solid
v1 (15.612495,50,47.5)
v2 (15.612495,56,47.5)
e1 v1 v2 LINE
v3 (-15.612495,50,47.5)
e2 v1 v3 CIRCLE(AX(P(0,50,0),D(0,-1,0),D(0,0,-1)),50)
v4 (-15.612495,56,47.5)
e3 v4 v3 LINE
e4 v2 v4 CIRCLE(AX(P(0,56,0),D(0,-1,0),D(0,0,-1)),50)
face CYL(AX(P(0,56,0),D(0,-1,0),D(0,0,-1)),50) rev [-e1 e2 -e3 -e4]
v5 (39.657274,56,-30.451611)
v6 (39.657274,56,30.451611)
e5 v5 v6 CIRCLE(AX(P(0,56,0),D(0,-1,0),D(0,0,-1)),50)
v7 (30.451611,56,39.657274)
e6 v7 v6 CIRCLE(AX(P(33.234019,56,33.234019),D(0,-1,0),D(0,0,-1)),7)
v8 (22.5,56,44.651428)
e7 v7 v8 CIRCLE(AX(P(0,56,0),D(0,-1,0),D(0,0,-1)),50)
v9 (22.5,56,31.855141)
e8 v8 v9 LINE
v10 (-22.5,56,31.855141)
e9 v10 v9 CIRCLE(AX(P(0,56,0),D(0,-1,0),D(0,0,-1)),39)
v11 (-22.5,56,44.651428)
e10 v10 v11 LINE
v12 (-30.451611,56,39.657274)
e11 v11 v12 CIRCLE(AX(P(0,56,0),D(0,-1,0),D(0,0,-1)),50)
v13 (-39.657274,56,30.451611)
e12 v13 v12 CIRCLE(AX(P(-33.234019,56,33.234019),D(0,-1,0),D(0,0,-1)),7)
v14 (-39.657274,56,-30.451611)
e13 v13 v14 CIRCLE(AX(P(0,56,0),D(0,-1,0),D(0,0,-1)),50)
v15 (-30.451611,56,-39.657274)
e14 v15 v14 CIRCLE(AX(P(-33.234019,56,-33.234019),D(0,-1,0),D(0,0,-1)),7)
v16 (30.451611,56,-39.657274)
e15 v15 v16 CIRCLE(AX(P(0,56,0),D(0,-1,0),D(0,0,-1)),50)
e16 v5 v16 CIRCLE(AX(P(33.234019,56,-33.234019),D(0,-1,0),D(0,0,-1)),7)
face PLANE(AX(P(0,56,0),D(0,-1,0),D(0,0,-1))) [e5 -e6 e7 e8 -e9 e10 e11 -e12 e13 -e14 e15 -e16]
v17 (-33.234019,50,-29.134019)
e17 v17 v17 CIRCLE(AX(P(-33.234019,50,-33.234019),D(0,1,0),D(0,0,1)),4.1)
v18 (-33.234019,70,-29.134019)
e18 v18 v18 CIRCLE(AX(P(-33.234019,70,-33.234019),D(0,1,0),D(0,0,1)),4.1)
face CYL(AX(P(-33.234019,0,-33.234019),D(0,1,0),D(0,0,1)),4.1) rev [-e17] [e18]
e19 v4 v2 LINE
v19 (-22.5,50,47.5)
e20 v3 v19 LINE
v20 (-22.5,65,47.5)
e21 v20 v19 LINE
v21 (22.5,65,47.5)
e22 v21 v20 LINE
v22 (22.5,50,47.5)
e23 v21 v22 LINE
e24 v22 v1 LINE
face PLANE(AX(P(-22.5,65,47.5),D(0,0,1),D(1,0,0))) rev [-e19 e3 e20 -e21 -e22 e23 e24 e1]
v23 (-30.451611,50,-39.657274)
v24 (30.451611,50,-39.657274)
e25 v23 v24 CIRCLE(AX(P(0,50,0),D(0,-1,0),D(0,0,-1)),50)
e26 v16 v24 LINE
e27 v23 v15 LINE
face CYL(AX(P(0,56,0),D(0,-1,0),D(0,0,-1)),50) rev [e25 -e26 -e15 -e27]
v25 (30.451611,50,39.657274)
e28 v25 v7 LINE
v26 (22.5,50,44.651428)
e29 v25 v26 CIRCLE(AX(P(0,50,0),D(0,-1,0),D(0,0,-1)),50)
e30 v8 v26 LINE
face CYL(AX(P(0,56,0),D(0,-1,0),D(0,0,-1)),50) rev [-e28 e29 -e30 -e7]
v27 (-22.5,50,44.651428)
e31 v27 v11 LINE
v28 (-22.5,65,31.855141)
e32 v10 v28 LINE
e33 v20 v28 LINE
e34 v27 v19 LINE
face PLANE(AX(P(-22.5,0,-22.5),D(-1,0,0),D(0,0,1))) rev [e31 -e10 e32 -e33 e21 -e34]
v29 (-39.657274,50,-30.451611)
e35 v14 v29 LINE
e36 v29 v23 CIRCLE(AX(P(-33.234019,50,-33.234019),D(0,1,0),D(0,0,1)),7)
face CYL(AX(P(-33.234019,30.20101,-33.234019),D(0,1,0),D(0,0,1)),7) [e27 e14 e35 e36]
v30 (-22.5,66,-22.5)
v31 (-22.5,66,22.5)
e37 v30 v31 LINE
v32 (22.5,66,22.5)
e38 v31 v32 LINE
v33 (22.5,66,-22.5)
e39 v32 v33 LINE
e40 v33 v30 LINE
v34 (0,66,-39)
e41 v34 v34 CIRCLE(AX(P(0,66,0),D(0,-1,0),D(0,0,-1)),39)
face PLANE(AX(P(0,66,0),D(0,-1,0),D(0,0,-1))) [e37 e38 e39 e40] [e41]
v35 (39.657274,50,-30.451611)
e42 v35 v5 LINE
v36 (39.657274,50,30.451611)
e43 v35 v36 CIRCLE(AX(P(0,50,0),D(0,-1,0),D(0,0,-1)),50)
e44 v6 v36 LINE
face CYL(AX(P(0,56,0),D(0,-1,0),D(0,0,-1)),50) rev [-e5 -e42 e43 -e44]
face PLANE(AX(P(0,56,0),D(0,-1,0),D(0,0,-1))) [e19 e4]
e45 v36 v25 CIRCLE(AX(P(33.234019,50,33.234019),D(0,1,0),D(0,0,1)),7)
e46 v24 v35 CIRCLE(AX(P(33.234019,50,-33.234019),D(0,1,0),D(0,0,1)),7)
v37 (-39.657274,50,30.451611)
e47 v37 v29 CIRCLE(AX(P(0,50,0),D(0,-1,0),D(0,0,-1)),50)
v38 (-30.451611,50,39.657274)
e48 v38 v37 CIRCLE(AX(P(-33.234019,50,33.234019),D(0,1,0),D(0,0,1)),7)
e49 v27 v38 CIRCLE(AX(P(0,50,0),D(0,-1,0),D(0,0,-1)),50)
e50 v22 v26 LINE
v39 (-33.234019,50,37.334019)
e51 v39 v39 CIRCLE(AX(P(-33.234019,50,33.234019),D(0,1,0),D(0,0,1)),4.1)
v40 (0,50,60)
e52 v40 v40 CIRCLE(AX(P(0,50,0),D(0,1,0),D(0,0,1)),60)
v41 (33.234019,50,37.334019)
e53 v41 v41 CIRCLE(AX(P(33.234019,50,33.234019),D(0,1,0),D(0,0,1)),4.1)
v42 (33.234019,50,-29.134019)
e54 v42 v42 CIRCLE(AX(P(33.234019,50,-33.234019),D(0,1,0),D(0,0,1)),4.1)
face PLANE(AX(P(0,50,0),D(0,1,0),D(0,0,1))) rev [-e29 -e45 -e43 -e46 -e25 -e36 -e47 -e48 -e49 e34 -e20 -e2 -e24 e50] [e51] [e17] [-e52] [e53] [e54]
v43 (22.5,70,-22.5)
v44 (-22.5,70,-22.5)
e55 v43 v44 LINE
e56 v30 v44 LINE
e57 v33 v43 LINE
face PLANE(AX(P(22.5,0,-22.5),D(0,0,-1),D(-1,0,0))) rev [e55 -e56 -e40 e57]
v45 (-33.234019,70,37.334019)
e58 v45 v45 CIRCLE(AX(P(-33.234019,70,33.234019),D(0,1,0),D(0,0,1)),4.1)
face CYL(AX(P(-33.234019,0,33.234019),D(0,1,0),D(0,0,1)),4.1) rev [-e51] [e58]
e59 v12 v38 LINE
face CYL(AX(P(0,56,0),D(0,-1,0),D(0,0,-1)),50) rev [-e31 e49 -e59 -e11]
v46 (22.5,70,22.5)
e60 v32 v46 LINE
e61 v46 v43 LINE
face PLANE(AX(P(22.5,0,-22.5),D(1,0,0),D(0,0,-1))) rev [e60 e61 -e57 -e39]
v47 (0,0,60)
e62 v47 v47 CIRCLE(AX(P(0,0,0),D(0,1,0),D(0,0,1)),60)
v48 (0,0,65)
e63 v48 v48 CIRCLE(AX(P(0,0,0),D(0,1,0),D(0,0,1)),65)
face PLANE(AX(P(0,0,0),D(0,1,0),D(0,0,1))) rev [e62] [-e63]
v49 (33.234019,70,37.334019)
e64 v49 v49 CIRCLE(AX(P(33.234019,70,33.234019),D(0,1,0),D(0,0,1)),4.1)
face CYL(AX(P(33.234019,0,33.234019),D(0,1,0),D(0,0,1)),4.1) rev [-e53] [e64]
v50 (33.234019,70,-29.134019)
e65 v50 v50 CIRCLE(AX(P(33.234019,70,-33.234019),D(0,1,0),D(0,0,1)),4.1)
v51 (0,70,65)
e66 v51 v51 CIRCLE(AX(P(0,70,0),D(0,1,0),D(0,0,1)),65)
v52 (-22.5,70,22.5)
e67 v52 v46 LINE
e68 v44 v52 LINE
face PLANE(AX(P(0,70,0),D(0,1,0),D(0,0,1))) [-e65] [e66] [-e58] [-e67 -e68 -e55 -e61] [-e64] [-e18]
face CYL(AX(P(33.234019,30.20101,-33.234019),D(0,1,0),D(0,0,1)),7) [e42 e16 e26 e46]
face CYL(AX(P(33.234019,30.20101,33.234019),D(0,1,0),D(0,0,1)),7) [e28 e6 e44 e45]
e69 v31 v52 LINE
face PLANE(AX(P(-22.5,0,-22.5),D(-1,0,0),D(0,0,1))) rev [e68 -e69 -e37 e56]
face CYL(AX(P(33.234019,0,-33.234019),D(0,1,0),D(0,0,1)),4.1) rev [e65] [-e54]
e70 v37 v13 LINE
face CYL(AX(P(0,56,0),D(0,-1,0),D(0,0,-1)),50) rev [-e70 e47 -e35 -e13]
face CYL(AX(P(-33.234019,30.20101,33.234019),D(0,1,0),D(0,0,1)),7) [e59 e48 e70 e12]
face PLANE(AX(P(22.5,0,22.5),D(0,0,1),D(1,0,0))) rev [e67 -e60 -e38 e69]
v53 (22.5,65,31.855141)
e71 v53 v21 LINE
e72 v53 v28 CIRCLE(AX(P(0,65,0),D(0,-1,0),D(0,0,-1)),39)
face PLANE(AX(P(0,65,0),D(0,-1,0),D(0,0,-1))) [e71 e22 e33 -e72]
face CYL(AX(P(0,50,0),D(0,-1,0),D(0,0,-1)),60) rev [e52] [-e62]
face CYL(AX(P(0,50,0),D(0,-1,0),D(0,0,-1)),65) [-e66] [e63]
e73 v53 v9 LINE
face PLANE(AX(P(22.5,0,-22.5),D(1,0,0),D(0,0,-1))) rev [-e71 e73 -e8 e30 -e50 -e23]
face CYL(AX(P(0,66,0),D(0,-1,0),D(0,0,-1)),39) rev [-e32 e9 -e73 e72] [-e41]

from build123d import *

# Parameters (mm, degrees)
SKETCH1_R           = 65
SKETCH1_R_2         = 60
BOSS_EXTRUDE1_DEPTH = 50
SKETCH2_R           = 65
BOSS_EXTRUDE2_DEPTH = 20
SKETCH3_R           = 4.1
SKETCH3_W           = 45
SKETCH3_H           = 45
CUT_EXTRUDE1_DEPTH  = 116.542200083
SKETCH5_W           = 45
SKETCH5_H           = 25
CUT_EXTRUDE2_DEPTH  = 15
SKETCH6_R           = 50
CUT_EXTRUDE3_DEPTH  = 6
SKETCH7_R           = 7
SKETCH7_R_2         = 4.1
BOSS_EXTRUDE3_DEPTH = 6
SKETCH8_R           = 39
CUT_EXTRUDE4_DEPTH  = 10


with BuildPart() as part:
    # Sketch1 → Boss-Extrude1 (new body)
    with BuildSketch(Plane(origin=(0, 0, 0), x_dir=(1, 0, 0), z_dir=(0, 1, 0))):
        with Locations(Location((0, 0, 0), (0, 0, 270))):
            Circle(SKETCH1_R)
        with Locations(Location((0, 0, 0), (0, 0, 270))):
            Circle(SKETCH1_R_2, mode=Mode.SUBTRACT)
    extrude(amount=BOSS_EXTRUDE1_DEPTH)

    # Sketch2 → Boss-Extrude2 (add)
    with BuildSketch(Plane(origin=(0, 50, 0), x_dir=(1, 0, 0), z_dir=(0, 1, 0))):
        with Locations(Location((0, 0, 0), (0, 0, 270))):
            Circle(SKETCH2_R)
    extrude(amount=BOSS_EXTRUDE2_DEPTH)

    # Sketch3 → Cut-Extrude1 (cut, through all)
    with BuildSketch(Plane(origin=(0, 70, 0), x_dir=(1, 0, 0), z_dir=(0, 1, 0))):
        with Locations(Location((-33.234018716, -33.234018716, 0), (0, 0, 270))):
            Circle(SKETCH3_R)
        with Locations(Location((-33.234018716, 33.234018716, 0), (0, 0, 270))):
            Circle(SKETCH3_R)
        with Locations(Location((33.234018716, 33.234018716, 0), (0, 0, 270))):
            Circle(SKETCH3_R)
        with Locations(Location((33.234018716, -33.234018716, 0), (0, 0, 270))):
            Circle(SKETCH3_R)
        Rectangle(SKETCH3_W, SKETCH3_H)
    extrude(amount=-CUT_EXTRUDE1_DEPTH, mode=Mode.SUBTRACT)

    # Sketch5 → Cut-Extrude2 (cut)
    with BuildSketch(Plane.XZ.offset(-50)):
        with Locations((0, 35)):
            Rectangle(SKETCH5_W, SKETCH5_H)
    extrude(amount=-CUT_EXTRUDE2_DEPTH, mode=Mode.SUBTRACT)

    # Sketch6 → Cut-Extrude3 (cut)
    with BuildSketch(Plane.XZ.offset(-50)):
        Circle(SKETCH6_R)
    extrude(amount=-CUT_EXTRUDE3_DEPTH, mode=Mode.SUBTRACT)

    # Sketch7 → Boss-Extrude3 (add)
    # profile 1 of 4: a face of its own
    with BuildSketch(Plane.XZ.offset(-56)):
        with Locations((-33.234018716, -33.234018716)):
            Circle(SKETCH7_R)
        with Locations(Location((-33.234018716, -33.234018716, 0), (0, 0, 90))):
            Circle(SKETCH7_R_2, mode=Mode.SUBTRACT)
    # profile 2 of 4: a face of its own
    with BuildSketch(Plane.XZ.offset(-56)):
        with Locations((-33.234018716, 33.234018716)):
            Circle(SKETCH7_R)
        with Locations(Location((-33.234018716, 33.234018716, 0), (0, 0, 90))):
            Circle(SKETCH7_R_2, mode=Mode.SUBTRACT)
    # profile 3 of 4: a face of its own
    with BuildSketch(Plane.XZ.offset(-56)):
        with Locations((33.234018716, -33.234018716)):
            Circle(SKETCH7_R)
        with Locations(Location((33.234018716, -33.234018716, 0), (0, 0, 90))):
            Circle(SKETCH7_R_2, mode=Mode.SUBTRACT)
    # profile 4 of 4: a face of its own
    with BuildSketch(Plane.XZ.offset(-56)):
        with Locations((33.234018716, 33.234018716)):
            Circle(SKETCH7_R)
        with Locations(Location((33.234018716, 33.234018716, 0), (0, 0, 90))):
            Circle(SKETCH7_R_2, mode=Mode.SUBTRACT)
    extrude(amount=BOSS_EXTRUDE3_DEPTH)

    # Sketch8 → Cut-Extrude4 (cut)
    with BuildSketch(Plane.XZ.offset(-56)):
        with Locations(Location((0, 0, 0), (0, 0, 270))):
            Circle(SKETCH8_R)
    extrude(amount=-CUT_EXTRUDE4_DEPTH, mode=Mode.SUBTRACT)


solid = part.part
